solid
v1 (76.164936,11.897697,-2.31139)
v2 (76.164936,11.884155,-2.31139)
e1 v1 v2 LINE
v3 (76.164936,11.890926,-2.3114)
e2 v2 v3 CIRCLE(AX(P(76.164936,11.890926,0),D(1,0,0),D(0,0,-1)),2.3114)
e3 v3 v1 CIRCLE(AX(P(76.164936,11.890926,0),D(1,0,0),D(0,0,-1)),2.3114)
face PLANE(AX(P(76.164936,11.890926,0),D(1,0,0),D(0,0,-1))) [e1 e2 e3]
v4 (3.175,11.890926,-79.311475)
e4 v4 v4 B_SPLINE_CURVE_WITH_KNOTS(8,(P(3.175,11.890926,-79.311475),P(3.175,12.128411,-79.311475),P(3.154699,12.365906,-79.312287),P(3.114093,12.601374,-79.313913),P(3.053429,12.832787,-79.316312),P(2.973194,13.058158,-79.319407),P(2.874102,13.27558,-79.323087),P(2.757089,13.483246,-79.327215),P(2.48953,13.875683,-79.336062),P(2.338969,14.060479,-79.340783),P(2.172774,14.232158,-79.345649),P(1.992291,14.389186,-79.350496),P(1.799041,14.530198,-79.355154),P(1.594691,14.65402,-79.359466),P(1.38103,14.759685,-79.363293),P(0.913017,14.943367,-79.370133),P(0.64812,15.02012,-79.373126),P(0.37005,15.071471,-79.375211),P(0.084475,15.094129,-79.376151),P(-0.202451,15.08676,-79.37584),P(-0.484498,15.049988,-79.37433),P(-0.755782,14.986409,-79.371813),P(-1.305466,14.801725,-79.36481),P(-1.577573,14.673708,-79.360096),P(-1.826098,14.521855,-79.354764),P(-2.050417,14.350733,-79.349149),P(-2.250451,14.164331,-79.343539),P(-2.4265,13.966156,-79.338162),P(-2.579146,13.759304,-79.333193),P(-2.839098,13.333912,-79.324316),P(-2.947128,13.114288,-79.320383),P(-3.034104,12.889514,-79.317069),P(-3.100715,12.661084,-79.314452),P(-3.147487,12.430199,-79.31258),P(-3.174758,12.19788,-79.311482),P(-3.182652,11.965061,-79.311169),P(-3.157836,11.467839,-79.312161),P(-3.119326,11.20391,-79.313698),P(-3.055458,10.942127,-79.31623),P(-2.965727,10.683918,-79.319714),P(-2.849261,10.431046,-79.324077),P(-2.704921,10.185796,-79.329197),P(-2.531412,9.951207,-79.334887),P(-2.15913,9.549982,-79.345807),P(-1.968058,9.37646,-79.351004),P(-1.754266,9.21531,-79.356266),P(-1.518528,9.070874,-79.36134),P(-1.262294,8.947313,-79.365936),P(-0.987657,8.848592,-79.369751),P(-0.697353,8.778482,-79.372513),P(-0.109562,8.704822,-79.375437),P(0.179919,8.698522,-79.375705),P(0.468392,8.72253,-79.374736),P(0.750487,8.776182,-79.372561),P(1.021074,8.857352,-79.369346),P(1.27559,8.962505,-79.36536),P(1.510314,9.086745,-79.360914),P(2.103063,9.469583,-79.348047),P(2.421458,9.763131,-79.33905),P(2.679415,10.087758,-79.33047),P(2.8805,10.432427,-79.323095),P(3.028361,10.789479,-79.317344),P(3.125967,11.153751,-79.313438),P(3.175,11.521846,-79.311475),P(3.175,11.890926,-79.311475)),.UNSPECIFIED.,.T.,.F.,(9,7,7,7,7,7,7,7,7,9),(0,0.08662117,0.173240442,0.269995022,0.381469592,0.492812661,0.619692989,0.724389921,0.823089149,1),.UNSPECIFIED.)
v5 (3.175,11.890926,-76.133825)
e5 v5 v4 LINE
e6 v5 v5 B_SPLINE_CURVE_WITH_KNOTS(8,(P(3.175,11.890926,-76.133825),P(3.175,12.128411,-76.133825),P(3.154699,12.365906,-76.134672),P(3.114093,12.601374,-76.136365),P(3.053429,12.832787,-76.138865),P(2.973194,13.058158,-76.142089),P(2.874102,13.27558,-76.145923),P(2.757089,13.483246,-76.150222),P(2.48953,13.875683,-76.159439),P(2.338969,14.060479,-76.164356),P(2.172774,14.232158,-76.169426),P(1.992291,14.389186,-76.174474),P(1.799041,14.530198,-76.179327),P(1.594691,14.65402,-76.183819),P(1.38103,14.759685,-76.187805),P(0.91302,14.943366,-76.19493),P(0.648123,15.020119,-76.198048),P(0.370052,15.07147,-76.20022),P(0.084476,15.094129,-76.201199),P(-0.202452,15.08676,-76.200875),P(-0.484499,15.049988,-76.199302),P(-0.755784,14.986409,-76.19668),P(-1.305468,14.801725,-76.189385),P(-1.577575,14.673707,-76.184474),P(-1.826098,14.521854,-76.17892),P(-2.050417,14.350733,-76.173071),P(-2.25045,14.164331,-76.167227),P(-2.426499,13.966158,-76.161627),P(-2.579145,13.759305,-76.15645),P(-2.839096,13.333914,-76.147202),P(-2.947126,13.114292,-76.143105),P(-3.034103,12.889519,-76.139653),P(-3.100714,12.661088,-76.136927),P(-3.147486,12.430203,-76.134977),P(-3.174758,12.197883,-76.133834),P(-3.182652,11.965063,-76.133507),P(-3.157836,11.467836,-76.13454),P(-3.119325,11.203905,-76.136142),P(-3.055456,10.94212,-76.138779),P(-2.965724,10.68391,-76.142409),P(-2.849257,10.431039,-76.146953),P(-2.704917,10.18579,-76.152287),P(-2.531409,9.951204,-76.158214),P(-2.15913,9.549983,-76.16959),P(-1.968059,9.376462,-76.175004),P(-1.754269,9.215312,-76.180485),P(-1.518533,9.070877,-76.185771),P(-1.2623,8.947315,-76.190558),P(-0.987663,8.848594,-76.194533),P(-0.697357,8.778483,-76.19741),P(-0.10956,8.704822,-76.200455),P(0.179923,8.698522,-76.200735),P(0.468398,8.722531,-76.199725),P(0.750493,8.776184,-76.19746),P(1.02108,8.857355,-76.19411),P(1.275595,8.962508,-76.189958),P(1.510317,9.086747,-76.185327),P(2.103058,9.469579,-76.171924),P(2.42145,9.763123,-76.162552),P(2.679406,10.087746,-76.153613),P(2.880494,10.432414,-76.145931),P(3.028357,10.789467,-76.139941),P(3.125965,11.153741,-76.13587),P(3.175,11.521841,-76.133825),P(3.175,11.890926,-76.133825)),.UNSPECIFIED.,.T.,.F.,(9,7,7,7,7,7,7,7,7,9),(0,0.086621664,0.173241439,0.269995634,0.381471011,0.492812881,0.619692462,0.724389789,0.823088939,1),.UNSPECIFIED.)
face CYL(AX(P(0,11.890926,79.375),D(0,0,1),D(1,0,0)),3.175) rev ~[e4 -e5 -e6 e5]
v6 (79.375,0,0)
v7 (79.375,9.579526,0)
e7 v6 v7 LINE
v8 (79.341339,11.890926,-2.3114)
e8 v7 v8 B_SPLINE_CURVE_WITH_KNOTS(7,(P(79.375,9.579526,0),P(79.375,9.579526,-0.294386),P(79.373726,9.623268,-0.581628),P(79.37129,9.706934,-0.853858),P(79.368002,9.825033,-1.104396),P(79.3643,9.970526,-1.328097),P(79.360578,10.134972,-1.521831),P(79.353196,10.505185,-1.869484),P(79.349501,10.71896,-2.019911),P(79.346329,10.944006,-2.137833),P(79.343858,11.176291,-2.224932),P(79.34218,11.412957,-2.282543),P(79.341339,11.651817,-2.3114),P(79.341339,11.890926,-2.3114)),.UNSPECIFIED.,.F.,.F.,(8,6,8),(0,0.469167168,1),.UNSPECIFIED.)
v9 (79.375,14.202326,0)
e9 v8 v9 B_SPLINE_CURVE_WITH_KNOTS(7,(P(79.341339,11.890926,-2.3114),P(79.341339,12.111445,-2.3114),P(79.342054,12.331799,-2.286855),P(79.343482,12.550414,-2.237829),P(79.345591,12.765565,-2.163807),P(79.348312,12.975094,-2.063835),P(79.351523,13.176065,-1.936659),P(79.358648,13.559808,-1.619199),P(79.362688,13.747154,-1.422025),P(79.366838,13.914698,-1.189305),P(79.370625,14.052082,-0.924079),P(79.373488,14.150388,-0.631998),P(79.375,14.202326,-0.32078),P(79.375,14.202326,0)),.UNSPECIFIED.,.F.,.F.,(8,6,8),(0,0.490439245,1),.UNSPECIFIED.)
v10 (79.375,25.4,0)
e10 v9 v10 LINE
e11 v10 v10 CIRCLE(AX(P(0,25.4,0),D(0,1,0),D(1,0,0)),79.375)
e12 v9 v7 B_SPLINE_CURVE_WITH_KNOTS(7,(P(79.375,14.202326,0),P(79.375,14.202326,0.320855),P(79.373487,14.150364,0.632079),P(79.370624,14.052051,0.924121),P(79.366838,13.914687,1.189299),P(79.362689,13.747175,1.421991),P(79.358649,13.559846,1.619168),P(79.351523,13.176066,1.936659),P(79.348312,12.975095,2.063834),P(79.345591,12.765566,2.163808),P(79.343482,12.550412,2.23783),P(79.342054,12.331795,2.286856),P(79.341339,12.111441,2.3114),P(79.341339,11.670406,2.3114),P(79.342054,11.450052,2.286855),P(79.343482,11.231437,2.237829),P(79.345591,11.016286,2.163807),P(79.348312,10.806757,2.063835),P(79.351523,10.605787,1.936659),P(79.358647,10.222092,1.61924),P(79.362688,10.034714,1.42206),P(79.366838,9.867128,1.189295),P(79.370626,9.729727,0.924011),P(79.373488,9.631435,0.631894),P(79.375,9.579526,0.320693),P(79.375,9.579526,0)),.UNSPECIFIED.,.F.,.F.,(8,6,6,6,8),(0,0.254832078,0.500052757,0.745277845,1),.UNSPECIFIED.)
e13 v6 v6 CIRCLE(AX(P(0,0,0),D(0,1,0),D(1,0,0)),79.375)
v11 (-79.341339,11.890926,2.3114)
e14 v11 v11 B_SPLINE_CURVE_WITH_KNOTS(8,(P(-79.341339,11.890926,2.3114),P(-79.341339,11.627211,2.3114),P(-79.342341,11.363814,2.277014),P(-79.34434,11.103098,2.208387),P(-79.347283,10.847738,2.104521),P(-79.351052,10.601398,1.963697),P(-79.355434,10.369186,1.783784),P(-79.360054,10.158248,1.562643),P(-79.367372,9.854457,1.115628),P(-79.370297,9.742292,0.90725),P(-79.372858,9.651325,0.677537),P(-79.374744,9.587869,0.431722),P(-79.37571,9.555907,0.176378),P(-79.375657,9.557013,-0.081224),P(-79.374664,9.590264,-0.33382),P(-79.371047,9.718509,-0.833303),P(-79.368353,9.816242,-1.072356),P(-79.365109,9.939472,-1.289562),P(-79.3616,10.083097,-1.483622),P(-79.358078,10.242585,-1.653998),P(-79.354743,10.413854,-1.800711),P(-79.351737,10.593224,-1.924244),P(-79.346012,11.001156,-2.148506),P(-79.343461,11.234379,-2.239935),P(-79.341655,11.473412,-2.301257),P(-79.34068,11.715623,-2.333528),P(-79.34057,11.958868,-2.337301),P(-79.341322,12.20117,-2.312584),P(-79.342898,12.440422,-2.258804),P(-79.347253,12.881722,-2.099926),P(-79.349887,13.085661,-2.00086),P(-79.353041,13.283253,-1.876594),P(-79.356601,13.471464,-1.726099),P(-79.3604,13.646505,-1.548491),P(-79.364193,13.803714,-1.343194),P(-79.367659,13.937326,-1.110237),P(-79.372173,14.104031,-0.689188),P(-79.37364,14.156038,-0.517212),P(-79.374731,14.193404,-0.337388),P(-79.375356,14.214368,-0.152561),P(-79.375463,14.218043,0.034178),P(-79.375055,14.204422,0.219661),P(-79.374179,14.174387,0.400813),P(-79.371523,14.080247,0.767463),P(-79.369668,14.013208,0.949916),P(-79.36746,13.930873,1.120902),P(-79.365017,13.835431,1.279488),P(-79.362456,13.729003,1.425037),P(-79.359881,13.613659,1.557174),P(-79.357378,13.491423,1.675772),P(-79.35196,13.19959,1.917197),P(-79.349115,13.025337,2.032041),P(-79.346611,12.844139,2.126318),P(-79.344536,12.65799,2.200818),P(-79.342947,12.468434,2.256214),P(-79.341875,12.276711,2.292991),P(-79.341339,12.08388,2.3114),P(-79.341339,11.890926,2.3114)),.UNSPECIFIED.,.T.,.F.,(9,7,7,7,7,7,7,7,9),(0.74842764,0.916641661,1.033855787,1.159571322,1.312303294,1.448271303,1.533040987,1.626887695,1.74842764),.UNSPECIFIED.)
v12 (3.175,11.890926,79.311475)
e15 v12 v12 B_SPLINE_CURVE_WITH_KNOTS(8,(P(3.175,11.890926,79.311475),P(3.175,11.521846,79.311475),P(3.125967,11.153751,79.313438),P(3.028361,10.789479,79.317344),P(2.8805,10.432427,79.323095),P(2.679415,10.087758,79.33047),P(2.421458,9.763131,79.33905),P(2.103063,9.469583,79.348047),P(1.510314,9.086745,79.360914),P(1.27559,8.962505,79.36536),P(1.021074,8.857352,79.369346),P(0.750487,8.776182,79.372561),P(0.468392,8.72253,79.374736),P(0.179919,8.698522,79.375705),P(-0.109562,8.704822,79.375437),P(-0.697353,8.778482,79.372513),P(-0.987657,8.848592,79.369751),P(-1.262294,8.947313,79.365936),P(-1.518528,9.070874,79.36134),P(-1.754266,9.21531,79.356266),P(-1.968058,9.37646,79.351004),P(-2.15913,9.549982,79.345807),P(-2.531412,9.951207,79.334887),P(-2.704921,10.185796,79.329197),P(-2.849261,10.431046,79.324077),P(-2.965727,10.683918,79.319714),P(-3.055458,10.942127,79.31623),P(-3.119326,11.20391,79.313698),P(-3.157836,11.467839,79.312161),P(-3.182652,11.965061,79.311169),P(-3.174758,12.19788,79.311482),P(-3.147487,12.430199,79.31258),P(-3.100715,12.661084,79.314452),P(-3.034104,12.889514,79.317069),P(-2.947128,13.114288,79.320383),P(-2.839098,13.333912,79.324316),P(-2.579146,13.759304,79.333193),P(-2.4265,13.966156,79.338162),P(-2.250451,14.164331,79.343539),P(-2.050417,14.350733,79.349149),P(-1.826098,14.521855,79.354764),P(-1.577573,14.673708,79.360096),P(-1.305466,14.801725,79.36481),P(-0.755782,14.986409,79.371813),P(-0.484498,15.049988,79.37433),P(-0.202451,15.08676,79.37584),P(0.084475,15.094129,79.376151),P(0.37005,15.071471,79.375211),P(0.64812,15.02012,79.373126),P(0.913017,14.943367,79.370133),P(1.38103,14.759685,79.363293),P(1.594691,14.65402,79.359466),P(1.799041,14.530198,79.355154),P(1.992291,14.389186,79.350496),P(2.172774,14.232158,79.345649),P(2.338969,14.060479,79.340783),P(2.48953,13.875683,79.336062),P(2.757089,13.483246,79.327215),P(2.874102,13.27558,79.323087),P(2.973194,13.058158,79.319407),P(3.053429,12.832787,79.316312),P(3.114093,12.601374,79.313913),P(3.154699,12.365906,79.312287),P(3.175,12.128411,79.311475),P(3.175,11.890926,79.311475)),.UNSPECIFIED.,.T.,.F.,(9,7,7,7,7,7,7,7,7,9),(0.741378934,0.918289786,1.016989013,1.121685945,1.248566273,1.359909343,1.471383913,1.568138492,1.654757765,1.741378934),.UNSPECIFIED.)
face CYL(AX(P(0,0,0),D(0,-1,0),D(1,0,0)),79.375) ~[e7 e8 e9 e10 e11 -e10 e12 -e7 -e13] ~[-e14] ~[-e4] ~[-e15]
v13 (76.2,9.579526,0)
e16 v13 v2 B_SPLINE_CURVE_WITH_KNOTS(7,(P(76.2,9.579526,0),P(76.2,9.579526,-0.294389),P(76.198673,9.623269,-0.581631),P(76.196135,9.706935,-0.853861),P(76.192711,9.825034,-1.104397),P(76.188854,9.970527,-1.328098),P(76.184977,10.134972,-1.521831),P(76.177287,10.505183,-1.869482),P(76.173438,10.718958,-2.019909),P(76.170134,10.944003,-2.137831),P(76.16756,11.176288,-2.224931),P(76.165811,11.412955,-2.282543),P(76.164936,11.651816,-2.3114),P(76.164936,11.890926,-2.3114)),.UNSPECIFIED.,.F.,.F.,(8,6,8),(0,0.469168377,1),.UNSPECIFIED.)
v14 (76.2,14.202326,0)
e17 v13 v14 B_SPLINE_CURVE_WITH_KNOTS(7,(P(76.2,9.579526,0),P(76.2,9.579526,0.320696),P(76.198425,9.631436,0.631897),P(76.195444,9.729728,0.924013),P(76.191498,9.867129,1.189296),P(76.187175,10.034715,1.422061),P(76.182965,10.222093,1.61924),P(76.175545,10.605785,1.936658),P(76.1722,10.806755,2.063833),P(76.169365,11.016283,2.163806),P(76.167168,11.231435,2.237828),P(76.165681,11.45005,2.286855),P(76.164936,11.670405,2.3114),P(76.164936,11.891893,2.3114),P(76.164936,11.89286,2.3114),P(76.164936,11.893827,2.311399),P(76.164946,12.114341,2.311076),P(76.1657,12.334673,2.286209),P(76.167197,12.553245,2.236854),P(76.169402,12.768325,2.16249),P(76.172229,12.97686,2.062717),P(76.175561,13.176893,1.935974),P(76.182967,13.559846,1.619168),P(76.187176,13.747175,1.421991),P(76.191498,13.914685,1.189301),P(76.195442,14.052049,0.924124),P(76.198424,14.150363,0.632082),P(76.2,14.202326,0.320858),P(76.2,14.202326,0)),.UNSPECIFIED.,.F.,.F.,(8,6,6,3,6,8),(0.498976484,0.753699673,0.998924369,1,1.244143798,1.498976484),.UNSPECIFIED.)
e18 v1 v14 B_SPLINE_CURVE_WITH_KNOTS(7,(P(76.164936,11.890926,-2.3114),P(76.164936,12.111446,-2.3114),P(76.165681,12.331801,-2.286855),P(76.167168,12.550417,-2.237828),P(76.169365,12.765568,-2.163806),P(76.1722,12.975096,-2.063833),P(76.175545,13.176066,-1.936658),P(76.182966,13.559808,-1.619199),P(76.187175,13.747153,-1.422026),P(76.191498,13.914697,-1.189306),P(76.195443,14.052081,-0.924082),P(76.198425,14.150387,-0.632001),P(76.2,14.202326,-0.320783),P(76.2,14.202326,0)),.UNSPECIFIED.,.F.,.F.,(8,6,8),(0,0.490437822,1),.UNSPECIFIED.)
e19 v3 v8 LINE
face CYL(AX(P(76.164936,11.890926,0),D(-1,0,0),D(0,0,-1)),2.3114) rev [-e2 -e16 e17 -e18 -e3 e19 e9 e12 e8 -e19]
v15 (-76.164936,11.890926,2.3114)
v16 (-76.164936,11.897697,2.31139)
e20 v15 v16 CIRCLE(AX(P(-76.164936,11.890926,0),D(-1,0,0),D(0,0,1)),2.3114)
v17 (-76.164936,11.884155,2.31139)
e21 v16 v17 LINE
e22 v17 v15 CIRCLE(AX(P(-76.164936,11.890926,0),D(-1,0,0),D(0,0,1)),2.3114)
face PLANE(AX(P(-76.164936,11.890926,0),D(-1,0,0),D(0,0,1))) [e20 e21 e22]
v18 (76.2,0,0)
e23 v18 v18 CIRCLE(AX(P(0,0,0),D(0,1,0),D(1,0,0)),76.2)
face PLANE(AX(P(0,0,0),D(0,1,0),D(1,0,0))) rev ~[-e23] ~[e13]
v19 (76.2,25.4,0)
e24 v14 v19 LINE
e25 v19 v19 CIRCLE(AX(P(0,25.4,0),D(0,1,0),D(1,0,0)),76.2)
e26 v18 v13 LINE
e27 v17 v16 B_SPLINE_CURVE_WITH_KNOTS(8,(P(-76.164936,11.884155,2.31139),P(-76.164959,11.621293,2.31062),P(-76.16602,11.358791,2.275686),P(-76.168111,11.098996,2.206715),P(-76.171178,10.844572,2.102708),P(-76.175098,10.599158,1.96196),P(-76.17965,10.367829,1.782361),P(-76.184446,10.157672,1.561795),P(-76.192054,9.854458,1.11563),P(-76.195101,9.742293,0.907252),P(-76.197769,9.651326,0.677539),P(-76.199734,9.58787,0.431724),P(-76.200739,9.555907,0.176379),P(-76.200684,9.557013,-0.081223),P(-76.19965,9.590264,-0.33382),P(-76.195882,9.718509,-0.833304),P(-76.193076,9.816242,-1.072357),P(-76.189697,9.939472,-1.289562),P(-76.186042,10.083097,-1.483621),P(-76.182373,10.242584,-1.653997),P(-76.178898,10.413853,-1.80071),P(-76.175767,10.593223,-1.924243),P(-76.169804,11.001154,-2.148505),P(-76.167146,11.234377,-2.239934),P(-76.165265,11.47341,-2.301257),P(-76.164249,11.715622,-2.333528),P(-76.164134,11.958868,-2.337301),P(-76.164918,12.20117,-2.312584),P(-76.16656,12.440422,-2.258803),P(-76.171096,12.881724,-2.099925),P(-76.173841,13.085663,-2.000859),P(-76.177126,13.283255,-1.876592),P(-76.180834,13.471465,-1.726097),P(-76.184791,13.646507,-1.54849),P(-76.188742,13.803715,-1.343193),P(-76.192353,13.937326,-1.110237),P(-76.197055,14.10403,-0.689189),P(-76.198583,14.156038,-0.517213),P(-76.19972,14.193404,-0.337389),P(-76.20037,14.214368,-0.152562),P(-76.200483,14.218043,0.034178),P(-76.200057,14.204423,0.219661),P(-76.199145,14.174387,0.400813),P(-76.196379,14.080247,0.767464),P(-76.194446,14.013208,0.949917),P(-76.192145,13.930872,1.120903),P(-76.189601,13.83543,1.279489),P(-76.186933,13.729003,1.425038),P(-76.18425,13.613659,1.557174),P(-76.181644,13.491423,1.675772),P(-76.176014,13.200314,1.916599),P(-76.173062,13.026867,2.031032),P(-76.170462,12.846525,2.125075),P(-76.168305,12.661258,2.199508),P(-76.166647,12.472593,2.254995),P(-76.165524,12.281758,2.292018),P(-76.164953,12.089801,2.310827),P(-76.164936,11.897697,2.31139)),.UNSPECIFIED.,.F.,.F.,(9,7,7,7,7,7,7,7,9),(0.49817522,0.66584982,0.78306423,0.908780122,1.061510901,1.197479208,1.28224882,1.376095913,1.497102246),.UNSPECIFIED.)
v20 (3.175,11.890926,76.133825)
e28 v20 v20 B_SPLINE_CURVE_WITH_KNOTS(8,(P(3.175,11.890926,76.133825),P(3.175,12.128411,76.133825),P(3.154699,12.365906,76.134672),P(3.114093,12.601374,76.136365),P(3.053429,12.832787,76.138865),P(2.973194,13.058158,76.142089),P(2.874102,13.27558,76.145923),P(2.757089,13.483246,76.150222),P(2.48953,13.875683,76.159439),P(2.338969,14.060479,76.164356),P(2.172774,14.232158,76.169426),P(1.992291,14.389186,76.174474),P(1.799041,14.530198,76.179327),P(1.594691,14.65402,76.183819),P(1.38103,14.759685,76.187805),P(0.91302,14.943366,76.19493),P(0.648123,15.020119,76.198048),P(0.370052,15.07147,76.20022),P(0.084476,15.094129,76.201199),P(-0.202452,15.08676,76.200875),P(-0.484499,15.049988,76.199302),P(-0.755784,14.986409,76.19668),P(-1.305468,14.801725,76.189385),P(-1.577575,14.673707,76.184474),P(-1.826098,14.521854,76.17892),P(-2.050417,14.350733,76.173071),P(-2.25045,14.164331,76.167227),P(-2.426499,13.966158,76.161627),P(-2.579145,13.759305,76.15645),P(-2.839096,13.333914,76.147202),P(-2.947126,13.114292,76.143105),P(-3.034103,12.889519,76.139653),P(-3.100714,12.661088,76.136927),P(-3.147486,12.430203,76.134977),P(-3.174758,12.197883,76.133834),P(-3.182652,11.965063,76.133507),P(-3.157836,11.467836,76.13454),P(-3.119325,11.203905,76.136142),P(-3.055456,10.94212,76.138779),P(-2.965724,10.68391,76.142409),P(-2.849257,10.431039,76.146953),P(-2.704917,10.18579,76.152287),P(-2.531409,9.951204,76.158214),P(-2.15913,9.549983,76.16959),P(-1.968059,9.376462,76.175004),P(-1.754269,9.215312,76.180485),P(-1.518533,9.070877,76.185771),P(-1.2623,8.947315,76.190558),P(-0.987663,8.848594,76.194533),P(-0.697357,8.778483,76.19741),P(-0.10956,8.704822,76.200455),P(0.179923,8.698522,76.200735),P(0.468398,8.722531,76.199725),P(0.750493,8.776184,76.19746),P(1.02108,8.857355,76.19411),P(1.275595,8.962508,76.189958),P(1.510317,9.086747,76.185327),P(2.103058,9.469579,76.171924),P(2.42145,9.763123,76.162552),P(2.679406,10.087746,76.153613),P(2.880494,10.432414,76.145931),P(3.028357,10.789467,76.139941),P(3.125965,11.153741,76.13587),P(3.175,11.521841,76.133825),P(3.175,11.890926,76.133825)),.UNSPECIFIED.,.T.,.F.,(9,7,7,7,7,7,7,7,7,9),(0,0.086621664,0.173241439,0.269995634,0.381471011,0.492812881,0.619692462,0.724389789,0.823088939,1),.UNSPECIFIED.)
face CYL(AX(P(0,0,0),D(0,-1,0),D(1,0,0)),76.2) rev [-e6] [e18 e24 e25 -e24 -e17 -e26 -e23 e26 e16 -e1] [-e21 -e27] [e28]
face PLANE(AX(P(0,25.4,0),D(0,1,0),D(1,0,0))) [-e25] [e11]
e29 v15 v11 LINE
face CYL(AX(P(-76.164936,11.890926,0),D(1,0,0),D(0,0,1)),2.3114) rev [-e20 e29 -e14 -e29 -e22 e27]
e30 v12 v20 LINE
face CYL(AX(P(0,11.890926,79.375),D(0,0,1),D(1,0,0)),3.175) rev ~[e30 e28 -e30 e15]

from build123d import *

# Parameters (mm, degrees)
SKETCH1_R               = 79.375
SKETCH1_R_2             = 76.2
BOSS_EXTRUDE1_DEPTH     = 25.4
CUT_EXTRUDE4_START      = -3.210064
SKETCH2_R               = 2.3114
CUT_EXTRUDE4_DEPTH      = 3.210064
CIRPATTERN1_COUNT       = 4
SKETCH4_R               = 3.175
CUT_EXTRUDE6_DEPTH      = 1.000000113
CUT_EXTRUDE6_DEPTH_BACK = 159.750000113


with BuildPart() as part:
    # Sketch1 → Boss-Extrude1 (new body)
    with BuildSketch(Plane(origin=(0, 0, 0), x_dir=(1, 0, 0), z_dir=(0, 1, 0))):
        Circle(SKETCH1_R)
        Circle(SKETCH1_R_2, mode=Mode.SUBTRACT)
    extrude(amount=BOSS_EXTRUDE1_DEPTH)

    # Sketch2 → Cut-Extrude4 (cut)
    with BuildSketch(Plane.XY.offset(79.375).offset(CUT_EXTRUDE4_START)):
        with Locations((0, 11.890925676)):
            Circle(SKETCH2_R)
    cut_extrude4 = extrude(amount=CUT_EXTRUDE4_DEPTH, mode=Mode.SUBTRACT)

    # CirPattern1: Cut-Extrude4 ×4 about axis
    cirpattern1_axis = Axis((0, 25.4, 0), (0, -1, 0))
    for i in range(1, CIRPATTERN1_COUNT):
        add(cut_extrude4.rotate(cirpattern1_axis, i * 360 / CIRPATTERN1_COUNT), mode=Mode.SUBTRACT)

    # Sketch4 → Cut-Extrude6 (cut, two sides)
    with BuildSketch(Plane.XY.offset(79.375)) as cut_extrude6_sk:
        with Locations((0, 11.890925676)):
            Circle(SKETCH4_R)
    extrude(amount=CUT_EXTRUDE6_DEPTH, mode=Mode.SUBTRACT)
    extrude(cut_extrude6_sk.sketch, amount=-CUT_EXTRUDE6_DEPTH_BACK, mode=Mode.SUBTRACT)


solid = part.part
